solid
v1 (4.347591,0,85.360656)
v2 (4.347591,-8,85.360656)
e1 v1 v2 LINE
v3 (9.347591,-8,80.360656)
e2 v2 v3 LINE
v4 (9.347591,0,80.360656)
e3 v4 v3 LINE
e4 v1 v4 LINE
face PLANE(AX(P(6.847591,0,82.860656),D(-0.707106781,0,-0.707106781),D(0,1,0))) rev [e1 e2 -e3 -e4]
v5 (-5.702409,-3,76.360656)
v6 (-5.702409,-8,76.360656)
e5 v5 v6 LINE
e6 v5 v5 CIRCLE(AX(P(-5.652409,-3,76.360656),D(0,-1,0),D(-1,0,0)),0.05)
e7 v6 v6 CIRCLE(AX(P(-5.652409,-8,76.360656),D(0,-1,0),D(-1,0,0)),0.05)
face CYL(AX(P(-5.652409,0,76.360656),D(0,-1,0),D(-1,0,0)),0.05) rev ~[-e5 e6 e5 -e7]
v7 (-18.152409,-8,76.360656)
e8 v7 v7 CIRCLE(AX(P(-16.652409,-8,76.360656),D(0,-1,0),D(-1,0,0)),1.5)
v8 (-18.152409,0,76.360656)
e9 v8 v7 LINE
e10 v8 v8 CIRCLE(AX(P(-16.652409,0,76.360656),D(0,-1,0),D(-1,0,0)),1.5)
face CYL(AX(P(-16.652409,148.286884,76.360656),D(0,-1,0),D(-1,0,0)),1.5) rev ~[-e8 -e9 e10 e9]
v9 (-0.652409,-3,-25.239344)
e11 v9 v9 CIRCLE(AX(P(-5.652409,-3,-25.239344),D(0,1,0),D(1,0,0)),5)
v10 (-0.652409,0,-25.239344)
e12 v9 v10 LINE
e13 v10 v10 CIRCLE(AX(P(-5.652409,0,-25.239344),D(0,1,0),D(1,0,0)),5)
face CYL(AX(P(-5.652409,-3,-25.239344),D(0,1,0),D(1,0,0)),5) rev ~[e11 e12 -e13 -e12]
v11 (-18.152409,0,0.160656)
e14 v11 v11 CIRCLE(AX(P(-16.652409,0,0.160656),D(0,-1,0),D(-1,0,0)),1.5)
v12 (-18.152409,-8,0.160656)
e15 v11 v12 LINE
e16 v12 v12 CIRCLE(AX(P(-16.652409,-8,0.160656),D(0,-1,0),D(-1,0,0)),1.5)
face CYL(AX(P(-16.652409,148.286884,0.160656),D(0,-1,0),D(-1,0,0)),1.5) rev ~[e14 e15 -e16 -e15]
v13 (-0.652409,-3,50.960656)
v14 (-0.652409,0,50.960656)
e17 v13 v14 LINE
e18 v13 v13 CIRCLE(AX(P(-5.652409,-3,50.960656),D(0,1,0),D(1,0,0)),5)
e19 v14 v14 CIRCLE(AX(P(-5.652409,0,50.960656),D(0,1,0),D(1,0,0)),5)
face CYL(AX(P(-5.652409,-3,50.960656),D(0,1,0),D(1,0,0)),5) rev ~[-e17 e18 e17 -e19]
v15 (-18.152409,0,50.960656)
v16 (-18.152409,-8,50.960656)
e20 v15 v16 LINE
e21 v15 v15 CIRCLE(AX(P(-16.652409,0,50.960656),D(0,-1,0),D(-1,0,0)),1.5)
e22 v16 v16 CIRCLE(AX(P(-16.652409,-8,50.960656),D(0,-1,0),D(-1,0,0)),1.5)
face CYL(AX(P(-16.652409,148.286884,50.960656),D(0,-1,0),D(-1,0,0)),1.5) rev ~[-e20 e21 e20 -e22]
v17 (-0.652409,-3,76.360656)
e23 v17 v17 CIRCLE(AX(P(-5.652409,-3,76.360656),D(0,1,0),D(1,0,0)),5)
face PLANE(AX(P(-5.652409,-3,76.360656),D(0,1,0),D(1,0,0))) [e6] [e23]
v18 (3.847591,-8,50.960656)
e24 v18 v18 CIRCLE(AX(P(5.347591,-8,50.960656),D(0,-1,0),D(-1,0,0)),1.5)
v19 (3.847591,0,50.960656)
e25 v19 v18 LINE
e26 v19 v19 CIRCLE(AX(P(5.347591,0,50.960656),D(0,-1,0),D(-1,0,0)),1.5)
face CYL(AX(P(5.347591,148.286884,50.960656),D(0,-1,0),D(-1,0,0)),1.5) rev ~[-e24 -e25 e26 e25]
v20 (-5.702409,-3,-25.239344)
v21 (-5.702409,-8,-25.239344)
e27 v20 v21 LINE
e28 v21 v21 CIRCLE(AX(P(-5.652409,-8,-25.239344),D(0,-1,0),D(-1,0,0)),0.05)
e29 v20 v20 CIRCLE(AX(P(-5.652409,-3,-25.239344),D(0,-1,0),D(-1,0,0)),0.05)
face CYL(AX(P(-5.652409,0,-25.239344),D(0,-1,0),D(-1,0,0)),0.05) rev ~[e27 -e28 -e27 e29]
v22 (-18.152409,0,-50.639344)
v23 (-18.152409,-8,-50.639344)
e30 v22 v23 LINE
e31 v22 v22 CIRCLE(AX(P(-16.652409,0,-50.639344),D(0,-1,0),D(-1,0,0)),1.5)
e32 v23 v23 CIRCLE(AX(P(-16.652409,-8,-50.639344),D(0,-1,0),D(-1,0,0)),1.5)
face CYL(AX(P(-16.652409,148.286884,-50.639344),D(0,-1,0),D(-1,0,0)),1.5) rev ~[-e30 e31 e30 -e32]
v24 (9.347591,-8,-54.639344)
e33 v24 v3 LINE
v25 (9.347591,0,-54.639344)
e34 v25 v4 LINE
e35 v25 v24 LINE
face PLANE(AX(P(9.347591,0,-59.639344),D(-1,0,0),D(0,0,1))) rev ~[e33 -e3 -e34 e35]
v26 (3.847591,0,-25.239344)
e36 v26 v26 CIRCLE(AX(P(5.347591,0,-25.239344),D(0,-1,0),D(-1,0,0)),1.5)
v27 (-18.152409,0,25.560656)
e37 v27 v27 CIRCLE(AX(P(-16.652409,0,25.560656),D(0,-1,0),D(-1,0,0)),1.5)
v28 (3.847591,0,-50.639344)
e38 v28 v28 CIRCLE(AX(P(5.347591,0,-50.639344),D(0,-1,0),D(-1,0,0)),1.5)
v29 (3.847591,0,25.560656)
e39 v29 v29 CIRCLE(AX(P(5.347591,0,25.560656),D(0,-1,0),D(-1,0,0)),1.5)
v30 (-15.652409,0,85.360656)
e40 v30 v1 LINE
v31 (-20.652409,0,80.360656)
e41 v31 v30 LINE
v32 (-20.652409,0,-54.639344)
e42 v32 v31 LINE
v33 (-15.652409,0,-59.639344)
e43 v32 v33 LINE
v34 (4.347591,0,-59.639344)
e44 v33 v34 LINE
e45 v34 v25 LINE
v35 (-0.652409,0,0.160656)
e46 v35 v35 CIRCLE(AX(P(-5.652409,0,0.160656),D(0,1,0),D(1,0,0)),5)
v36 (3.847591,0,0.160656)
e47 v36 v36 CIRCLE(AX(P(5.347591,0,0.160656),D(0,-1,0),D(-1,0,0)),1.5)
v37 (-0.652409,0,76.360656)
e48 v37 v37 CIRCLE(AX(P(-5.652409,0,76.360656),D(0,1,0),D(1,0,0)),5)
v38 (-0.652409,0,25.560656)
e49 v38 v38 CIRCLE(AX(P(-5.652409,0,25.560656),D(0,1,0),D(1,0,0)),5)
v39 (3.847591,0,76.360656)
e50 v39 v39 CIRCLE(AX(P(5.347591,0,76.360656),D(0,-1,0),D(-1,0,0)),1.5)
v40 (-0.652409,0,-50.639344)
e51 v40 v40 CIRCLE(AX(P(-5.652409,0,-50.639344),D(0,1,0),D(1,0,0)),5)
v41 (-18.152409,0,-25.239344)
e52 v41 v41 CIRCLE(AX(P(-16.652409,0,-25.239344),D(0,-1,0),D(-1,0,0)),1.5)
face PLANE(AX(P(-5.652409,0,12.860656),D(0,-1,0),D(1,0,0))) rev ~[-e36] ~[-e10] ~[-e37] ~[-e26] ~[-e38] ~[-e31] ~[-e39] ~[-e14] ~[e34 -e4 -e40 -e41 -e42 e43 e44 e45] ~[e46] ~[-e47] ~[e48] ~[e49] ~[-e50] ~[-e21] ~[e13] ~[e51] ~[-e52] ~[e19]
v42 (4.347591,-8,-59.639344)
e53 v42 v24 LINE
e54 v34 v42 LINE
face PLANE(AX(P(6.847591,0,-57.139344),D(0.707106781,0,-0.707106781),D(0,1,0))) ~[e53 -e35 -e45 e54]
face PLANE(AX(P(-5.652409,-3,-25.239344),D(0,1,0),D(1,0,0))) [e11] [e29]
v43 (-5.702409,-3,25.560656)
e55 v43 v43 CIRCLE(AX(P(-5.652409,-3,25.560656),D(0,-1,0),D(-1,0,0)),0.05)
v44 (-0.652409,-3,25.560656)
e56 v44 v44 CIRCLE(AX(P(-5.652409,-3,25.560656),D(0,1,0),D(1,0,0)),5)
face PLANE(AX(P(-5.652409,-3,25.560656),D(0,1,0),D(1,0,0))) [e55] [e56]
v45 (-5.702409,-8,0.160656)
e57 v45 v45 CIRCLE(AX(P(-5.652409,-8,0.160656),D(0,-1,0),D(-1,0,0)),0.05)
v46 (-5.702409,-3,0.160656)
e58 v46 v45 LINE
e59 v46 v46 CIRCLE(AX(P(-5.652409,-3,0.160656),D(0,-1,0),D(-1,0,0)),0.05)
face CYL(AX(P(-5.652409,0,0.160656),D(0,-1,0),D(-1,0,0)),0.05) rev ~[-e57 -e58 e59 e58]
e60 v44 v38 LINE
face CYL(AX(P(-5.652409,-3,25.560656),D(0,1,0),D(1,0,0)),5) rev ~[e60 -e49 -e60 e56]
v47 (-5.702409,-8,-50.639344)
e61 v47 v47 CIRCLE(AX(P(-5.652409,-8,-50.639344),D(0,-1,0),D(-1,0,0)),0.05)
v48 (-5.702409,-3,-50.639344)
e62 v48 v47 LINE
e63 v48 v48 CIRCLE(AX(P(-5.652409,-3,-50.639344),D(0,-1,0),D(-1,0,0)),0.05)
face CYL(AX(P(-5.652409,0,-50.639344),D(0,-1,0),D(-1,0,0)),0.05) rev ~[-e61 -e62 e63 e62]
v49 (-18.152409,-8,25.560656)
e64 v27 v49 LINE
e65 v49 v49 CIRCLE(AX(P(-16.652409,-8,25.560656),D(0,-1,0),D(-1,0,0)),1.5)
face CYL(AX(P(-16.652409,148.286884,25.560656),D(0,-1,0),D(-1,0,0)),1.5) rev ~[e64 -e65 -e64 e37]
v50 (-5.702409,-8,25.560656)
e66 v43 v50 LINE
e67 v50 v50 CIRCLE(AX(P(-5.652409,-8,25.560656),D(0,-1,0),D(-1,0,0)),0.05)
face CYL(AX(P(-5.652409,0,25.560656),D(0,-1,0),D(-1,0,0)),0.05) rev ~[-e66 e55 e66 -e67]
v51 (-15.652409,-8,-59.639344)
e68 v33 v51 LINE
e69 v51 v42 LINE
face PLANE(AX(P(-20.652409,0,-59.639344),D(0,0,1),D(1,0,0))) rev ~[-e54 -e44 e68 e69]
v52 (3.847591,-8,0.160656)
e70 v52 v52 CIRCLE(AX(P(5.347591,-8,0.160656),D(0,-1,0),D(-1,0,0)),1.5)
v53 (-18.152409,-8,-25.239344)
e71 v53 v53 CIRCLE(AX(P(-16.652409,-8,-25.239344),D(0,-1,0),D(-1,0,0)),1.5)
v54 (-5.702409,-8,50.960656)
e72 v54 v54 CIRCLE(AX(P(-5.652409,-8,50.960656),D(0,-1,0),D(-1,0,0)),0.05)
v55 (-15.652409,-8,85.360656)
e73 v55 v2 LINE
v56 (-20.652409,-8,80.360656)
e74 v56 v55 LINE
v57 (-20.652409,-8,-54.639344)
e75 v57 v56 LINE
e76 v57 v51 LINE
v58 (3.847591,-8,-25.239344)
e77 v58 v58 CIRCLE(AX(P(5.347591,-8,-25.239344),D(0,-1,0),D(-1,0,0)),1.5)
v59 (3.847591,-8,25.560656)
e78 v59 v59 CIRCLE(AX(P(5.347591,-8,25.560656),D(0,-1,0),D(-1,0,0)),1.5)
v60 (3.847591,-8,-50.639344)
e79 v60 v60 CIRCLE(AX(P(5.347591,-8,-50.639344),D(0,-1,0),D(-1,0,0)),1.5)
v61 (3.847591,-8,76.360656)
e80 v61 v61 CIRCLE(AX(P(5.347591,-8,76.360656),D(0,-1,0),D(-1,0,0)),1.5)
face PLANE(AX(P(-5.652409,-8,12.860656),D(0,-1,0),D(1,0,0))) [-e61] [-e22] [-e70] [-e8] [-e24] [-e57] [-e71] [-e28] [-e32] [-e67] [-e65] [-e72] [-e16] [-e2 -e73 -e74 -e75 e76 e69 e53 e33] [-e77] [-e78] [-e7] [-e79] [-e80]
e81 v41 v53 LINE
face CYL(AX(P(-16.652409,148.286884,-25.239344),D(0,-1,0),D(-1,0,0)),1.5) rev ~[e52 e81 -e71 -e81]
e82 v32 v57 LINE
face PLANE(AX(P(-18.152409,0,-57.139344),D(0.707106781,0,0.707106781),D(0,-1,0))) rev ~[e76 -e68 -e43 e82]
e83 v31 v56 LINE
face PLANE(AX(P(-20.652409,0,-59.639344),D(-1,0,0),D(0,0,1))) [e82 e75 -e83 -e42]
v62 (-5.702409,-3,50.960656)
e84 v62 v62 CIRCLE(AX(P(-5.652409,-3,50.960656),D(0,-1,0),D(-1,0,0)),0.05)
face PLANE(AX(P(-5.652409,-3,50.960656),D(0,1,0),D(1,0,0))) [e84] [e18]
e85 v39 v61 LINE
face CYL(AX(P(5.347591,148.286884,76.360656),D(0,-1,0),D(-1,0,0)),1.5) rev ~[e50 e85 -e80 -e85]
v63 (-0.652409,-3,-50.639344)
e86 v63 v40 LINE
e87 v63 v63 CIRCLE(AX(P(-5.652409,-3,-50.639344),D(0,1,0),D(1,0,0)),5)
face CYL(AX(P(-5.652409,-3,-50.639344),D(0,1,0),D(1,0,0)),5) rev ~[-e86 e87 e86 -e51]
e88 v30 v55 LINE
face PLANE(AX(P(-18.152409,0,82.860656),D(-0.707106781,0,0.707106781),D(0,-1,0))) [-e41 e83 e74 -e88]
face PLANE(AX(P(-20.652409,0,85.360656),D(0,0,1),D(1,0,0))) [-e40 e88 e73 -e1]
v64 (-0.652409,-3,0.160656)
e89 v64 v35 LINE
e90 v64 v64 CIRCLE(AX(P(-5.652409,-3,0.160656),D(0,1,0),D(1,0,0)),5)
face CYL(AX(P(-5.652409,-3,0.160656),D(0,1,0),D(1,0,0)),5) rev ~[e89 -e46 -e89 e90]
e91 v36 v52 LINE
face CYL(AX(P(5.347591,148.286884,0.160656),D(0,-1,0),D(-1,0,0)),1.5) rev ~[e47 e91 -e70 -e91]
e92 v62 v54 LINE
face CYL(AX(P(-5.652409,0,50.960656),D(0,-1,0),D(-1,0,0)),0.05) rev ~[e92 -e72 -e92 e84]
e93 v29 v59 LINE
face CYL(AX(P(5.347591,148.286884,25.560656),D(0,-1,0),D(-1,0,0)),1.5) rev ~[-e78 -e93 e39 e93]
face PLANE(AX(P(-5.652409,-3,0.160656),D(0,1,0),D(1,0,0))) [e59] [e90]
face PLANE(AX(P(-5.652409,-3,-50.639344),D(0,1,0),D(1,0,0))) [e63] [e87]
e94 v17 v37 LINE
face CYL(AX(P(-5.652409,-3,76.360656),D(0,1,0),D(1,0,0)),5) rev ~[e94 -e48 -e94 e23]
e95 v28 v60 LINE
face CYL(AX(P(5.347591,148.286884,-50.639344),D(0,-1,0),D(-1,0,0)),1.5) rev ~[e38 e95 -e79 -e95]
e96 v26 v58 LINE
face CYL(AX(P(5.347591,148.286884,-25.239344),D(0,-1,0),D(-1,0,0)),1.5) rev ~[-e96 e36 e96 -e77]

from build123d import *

# Parameters (mm, degrees)
F0_W           = 30
F0_H           = 145
F1_DEPTH       = 8
F2_D           = 3
F3_D           = 0.1
F3_DEPTH       = 23
F3_CBORE_D     = 10
F3_CBORE_DEPTH = 3
F3_TIP         = 0.030043031
F4_SIZE        = 5


with BuildPart() as f1:
    # F0 (on Front) → F1 (new body)
    with BuildSketch(Plane.XZ):
        with Locations((-5.6524093151, 12.860655725)):
            Rectangle(F0_W, F0_H)
    extrude(amount=F1_DEPTH)

    # F2 (through all)
    with Locations(Plane(origin=(0, 0, 0), x_dir=(1, 0, 0), z_dir=(0, 1, 0))):
        with Locations((5.3475906849, -76.360655725), (5.3475906849, -50.960655725), (5.3475906849, -25.560655725), (5.3475906849, -0.160655725), (5.3475906849, 25.239344275), (5.3475906849, 50.639344275), (-16.6524093151, 50.639344275), (-16.6524093151, 25.239344275), (-16.6524093151, -0.160655725), (-16.6524093151, -25.560655725), (-16.6524093151, -50.960655725), (-16.6524093151, -76.360655725)):
            Hole(F2_D / 2)

    # F3
    with Locations(Plane(origin=(0, 0, 0), x_dir=(1, 0, 0), z_dir=(0, 1, 0))):
        with Locations((-5.6524093151, -76.360655725), (-5.6524093151, -50.960655725), (-5.6524093151, -25.560655725), (-5.6524093151, -0.160655725), (-5.6524093151, 25.239344275), (-5.6524093151, 50.639344275)):
            CounterBoreHole(F3_D / 2, F3_CBORE_D / 2, F3_CBORE_DEPTH, depth=F3_DEPTH)
            with Locations((0, 0, -(F3_DEPTH + F3_TIP / 2))):  # 118° drill point
                Cone(0, F3_D / 2, F3_TIP, mode=Mode.SUBTRACT)

    # F4
    f4_edges = [f1.edges().sort_by_distance(p)[0] for p in [
        (9.347591, -4, -59.639344),
        (-20.652409, -4, -59.639344),
        (-20.652409, -4, 85.360656),
        (9.347591, -4, 85.360656),
    ]]
    chamfer(f4_edges, length=F4_SIZE)


solid = f1.part
